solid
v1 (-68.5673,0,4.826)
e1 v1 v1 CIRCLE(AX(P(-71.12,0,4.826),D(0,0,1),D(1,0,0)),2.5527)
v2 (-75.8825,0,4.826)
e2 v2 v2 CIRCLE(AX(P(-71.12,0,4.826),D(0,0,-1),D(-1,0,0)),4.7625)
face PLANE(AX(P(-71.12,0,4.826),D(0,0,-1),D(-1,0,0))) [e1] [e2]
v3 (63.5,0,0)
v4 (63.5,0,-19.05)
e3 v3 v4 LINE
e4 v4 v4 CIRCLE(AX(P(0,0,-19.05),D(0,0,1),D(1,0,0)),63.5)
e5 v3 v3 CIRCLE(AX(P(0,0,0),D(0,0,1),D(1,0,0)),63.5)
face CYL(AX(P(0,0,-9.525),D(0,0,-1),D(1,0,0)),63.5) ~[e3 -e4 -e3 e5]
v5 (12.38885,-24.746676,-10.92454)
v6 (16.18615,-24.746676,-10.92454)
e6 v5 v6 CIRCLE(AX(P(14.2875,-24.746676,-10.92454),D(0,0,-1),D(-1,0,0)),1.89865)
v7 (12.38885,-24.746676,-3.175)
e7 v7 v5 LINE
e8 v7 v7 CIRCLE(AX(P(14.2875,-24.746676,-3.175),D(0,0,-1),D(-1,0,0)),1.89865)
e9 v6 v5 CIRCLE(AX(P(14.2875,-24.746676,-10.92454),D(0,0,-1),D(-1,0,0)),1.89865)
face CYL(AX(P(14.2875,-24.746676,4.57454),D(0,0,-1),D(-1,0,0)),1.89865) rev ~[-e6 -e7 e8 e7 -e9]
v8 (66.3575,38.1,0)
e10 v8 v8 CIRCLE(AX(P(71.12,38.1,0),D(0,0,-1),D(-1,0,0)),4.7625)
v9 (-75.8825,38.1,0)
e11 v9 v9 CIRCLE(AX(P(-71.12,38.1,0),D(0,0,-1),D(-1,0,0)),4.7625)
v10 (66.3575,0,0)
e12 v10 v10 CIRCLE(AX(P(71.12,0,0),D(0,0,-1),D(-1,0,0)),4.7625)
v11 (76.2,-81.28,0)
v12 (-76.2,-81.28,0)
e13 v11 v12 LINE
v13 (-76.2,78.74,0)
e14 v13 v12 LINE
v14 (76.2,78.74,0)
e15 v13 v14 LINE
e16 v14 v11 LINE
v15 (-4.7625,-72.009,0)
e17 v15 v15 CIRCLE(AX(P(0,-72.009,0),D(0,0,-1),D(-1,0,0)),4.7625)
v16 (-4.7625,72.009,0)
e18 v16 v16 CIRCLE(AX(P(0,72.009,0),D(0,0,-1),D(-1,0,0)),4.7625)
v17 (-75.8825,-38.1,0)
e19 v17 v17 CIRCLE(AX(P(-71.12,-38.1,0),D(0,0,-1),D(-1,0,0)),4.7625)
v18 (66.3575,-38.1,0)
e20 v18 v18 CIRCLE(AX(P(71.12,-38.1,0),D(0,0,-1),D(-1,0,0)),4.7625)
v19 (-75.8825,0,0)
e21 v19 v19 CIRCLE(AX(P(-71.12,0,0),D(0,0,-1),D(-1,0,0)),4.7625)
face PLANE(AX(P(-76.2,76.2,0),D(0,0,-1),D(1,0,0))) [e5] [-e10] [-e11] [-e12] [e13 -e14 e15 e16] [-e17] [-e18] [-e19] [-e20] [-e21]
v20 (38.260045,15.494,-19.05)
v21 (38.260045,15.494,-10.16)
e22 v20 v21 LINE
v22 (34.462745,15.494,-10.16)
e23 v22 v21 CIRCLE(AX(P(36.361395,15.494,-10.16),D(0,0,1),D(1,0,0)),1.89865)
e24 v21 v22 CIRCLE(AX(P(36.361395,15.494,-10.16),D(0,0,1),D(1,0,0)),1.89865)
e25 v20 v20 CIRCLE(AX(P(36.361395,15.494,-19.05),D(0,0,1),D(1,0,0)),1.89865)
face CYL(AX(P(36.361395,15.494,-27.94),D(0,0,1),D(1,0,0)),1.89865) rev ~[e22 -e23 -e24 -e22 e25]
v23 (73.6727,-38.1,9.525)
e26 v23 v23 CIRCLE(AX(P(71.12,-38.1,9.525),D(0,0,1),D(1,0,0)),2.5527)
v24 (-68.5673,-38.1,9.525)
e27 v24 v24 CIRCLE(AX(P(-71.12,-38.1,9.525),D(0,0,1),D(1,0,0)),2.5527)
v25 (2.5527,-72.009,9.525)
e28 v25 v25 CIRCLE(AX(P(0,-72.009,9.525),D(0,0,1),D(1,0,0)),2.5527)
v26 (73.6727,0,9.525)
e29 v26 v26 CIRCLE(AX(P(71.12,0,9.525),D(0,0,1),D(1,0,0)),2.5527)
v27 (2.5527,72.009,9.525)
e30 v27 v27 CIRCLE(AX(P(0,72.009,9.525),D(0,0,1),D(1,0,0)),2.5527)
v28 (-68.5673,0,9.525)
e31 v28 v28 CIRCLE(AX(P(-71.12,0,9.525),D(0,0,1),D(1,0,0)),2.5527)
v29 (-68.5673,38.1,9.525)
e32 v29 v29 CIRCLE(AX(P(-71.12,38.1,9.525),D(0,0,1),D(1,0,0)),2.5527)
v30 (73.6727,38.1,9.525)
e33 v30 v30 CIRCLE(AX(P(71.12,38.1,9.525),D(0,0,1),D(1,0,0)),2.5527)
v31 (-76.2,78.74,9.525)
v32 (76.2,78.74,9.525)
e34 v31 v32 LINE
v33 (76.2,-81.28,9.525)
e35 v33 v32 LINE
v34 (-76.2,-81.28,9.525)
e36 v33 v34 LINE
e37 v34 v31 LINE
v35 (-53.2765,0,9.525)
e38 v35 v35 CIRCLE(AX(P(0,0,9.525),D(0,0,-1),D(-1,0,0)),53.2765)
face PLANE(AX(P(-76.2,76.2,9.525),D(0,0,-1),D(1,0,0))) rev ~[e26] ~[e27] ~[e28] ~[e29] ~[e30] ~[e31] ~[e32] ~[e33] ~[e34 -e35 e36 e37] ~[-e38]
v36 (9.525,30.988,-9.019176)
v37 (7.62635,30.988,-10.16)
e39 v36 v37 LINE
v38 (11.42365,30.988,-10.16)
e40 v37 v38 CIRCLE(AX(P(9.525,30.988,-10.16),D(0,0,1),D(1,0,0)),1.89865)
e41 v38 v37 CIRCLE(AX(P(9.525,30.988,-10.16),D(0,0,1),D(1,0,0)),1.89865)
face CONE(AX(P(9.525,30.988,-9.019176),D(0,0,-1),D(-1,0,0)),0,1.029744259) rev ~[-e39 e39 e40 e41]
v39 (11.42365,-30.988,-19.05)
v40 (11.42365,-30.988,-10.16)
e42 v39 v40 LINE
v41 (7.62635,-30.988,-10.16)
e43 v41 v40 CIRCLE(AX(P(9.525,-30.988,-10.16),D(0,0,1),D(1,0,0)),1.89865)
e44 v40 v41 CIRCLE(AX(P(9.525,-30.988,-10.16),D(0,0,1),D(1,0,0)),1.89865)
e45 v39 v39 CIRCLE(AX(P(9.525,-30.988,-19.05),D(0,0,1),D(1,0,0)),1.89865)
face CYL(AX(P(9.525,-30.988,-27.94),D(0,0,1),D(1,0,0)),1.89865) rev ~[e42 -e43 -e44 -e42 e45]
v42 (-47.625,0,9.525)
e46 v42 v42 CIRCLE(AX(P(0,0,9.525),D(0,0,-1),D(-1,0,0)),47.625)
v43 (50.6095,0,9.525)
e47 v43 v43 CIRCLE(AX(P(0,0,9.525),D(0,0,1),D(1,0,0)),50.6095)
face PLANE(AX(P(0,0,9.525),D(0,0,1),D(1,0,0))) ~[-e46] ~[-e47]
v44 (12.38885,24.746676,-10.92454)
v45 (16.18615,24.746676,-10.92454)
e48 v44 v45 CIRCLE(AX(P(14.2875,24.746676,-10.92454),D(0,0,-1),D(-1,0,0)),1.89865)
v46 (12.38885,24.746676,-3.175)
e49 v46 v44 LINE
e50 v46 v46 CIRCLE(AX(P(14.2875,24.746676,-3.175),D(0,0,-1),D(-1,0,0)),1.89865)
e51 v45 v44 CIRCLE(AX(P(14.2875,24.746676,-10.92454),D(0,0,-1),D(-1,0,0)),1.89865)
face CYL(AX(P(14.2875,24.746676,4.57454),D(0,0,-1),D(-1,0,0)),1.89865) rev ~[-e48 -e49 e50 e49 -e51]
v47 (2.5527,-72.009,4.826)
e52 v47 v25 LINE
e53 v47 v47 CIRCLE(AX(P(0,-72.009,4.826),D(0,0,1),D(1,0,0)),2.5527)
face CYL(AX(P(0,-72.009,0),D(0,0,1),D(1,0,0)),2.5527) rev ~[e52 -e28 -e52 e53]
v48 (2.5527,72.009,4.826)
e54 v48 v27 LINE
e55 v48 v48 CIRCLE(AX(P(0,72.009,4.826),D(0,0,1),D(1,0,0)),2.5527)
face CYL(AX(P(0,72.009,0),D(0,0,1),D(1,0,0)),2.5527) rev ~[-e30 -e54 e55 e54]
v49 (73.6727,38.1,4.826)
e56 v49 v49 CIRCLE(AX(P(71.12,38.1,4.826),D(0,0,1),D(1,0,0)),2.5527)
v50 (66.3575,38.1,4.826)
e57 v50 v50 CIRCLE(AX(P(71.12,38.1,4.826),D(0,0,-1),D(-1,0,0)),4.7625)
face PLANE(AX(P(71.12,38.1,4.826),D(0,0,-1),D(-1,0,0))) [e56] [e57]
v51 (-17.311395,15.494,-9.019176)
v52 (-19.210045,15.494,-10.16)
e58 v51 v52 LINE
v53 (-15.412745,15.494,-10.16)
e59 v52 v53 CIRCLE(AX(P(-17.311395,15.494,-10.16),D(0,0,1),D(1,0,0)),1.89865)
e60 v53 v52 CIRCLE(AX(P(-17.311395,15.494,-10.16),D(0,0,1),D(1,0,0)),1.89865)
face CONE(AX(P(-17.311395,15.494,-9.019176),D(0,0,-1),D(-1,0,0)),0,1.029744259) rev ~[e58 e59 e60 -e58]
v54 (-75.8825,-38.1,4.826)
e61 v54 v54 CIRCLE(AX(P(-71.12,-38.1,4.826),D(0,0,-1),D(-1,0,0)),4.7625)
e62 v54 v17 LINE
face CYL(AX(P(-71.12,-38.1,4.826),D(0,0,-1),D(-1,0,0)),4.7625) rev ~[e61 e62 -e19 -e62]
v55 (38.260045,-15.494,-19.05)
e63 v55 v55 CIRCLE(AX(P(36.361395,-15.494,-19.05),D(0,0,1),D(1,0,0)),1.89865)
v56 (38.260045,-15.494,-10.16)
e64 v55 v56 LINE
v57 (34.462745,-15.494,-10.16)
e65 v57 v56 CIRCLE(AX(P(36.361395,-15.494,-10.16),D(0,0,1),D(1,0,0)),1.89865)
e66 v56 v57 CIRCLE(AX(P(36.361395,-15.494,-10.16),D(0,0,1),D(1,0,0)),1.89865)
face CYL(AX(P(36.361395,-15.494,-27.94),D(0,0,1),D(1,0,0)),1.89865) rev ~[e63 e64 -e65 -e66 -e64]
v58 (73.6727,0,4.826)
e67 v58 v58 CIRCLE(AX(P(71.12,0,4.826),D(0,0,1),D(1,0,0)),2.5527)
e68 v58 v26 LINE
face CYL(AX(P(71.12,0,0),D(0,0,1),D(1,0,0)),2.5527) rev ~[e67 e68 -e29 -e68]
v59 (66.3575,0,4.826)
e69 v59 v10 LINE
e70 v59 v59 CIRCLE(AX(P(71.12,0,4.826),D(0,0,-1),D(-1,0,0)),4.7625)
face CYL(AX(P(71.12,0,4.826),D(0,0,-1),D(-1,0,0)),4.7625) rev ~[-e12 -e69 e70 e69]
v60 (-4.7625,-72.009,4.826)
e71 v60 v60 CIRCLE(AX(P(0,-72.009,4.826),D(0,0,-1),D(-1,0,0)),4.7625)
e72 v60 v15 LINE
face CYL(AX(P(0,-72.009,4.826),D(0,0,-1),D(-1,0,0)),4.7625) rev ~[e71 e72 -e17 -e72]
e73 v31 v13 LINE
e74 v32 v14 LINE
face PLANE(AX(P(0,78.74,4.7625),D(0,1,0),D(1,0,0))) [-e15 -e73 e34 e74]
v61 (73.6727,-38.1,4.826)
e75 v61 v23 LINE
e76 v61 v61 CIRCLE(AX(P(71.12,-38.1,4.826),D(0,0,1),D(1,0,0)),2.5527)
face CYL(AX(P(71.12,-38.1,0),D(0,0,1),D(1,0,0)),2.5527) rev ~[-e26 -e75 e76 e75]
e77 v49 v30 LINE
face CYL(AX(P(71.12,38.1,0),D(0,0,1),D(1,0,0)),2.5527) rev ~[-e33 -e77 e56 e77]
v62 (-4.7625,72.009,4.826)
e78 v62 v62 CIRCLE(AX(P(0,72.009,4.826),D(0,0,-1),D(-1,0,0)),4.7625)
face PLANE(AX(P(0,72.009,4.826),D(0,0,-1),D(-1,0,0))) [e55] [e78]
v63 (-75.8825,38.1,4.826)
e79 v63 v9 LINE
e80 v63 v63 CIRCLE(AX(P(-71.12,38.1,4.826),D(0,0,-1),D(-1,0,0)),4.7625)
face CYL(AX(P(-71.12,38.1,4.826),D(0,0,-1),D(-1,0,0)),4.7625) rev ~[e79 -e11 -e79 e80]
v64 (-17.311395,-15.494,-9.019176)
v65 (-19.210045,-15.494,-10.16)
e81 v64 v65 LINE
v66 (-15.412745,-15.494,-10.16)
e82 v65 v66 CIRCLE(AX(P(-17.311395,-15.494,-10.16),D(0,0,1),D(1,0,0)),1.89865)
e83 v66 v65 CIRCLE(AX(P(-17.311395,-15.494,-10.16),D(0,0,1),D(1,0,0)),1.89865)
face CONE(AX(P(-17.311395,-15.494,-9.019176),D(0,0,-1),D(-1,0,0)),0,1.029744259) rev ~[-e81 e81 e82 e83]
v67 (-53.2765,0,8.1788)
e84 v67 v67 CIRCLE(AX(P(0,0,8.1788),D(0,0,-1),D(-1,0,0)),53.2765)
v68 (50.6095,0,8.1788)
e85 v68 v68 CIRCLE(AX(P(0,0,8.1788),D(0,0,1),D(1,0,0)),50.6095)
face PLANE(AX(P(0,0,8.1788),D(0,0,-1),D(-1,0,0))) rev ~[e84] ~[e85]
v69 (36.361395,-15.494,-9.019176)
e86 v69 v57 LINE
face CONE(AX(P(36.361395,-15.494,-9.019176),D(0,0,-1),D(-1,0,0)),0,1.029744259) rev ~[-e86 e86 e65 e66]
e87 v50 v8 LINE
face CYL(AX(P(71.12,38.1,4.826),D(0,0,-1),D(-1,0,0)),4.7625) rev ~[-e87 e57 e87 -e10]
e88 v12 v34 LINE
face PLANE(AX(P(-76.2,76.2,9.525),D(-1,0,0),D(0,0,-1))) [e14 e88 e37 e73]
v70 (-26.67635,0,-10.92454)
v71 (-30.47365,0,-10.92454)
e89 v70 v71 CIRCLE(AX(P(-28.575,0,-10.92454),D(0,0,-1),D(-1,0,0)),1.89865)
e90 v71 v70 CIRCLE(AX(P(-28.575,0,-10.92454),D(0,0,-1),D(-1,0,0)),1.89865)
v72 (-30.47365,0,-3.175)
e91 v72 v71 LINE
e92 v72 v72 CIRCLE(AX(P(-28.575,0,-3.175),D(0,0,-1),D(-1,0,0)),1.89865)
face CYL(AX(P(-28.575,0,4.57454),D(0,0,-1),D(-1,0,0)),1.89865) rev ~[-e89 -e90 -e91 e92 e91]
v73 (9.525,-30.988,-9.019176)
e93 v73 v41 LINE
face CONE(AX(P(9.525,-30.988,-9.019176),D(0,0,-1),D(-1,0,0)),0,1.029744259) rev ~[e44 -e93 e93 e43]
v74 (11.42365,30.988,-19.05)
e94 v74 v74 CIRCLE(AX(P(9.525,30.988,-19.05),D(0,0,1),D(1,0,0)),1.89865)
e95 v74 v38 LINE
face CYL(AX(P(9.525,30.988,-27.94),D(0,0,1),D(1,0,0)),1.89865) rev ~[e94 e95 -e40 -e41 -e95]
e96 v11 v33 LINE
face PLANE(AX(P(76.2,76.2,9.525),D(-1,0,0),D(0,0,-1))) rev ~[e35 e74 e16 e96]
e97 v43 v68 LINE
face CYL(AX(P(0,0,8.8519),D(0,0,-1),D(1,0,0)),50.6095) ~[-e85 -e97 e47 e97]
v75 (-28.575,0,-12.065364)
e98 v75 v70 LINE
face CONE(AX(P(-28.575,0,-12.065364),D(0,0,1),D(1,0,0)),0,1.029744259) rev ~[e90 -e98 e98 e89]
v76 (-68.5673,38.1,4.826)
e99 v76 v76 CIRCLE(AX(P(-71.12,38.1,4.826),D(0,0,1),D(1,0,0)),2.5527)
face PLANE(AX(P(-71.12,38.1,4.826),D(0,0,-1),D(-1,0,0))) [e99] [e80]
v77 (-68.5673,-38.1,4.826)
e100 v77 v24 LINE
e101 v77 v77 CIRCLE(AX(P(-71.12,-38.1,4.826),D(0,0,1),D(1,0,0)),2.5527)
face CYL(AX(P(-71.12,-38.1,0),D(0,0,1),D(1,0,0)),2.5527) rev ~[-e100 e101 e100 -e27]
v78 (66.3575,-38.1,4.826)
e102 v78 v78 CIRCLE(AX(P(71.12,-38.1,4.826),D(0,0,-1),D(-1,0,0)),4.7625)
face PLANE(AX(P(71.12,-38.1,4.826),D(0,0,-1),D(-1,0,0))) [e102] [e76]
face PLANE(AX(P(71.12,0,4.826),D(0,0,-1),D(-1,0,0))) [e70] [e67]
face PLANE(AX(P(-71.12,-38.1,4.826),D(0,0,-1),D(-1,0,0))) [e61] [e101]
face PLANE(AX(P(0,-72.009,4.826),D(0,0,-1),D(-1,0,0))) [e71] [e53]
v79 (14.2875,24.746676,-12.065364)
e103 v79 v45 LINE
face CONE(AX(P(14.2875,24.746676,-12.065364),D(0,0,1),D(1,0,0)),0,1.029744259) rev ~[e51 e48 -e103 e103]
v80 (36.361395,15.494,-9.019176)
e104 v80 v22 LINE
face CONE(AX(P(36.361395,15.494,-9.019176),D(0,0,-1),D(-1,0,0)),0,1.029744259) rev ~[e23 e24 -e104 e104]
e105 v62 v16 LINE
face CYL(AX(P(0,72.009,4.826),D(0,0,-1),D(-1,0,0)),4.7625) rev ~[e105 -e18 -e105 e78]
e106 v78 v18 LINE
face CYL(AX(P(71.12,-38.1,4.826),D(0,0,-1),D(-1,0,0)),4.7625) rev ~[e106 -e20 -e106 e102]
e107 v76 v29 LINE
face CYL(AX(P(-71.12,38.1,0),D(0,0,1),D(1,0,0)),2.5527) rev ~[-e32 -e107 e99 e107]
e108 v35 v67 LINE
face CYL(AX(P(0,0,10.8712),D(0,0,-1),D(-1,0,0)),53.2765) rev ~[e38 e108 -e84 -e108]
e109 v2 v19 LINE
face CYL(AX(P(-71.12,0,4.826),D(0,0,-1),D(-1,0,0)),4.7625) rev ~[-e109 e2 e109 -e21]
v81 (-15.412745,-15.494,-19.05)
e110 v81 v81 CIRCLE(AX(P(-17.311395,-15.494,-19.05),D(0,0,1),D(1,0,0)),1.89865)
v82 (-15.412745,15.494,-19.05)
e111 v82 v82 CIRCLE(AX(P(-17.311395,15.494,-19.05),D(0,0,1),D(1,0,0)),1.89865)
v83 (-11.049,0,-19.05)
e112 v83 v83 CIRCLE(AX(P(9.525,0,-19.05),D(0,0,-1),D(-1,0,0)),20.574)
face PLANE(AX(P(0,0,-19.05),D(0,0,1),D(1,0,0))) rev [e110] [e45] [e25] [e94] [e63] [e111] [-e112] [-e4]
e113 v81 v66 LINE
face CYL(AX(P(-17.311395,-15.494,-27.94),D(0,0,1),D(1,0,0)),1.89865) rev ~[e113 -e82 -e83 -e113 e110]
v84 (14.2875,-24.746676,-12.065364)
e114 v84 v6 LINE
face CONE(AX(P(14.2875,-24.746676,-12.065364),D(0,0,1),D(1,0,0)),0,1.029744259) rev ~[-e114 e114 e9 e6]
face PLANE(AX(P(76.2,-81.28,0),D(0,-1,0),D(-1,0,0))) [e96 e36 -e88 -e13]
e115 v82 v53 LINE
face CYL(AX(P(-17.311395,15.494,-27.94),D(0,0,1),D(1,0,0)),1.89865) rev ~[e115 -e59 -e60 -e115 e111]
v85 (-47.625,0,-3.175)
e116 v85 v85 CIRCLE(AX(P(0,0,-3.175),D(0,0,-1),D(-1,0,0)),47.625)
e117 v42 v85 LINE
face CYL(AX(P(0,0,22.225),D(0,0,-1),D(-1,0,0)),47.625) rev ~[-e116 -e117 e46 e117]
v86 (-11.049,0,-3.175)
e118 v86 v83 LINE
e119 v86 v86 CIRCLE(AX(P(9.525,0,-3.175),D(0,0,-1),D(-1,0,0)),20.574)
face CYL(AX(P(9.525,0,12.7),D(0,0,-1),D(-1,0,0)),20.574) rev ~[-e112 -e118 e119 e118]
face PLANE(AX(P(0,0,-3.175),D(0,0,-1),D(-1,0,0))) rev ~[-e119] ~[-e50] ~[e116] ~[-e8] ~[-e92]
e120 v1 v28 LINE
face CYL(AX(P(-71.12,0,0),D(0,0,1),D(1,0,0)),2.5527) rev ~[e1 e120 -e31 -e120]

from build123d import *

# Parameters (mm, degrees)
SKETCH1_W                                       = 152.4
SKETCH1_H                                       = 157.48
BOSS_EXTRUDE1_DEPTH                             = 9.525
SKETCH16_W                                      = 152.4
SKETCH16_H                                      = 9.525
BOSS_EXTRUDE2_DEPTH                             = 2.54
M100_CLEARANCE_HOLE1_D                          = 106.553
M100_CLEARANCE_HOLE1_DEPTH                      = 1.3462
SKETCH4_W                                       = 63.5
SKETCH4_H                                       = 19.05
SKETCH5_W                                       = 50.6095
SKETCH5_H                                       = 1.3462
CBORE_FOR_10_SOCKET_HEAD_CAP_SCREW1_D           = 5.1054
CBORE_FOR_10_SOCKET_HEAD_CAP_SCREW1_CBORE_D     = 9.525
CBORE_FOR_10_SOCKET_HEAD_CAP_SCREW1_CBORE_DEPTH = 4.826
F_10_24_TAPPED_HOLE1_D                          = 3.7973
F_10_24_TAPPED_HOLE1_DEPTH                      = 8.89
F_10_24_TAPPED_HOLE1_TIP                        = 1.140824014
M90_CLEARANCE_HOLE1_D                           = 95.25
M90_CLEARANCE_HOLE1_DEPTH                       = 12.7
M36_CLEARANCE_HOLE1_D                           = 41.148
M36_CLEARANCE_HOLE1_DEPTH                       = 15.875
F_10_24_TAPPED_HOLE2_D                          = 3.7973
F_10_24_TAPPED_HOLE2_DEPTH                      = 7.74954
F_10_24_TAPPED_HOLE2_TIP                        = 1.140824014


with BuildPart() as part:
    # Sketch1 → Boss-Extrude1 (new body)
    with BuildSketch(Plane(origin=(0, 0, 0), x_dir=(-1, 0, 0), z_dir=(0, 0, -1))):
        with Locations((0, -2.54)):
            Rectangle(SKETCH1_W, SKETCH1_H)
    extrude(amount=-BOSS_EXTRUDE1_DEPTH)

    # Sketch16 → Boss-Extrude2 (add)
    with BuildSketch(Plane(origin=(0, 76.2, 0), x_dir=(1, 0, 0), z_dir=(0, 1, 0))):
        with Locations((0, -4.7625)):
            Rectangle(SKETCH16_W, SKETCH16_H)
    extrude(amount=BOSS_EXTRUDE2_DEPTH)

    # M100 Clearance Hole1
    with Locations(Plane.XY.offset(9.525)):
        with Locations((0, 0)):
            Hole(M100_CLEARANCE_HOLE1_D / 2, depth=M100_CLEARANCE_HOLE1_DEPTH)

    # Sketch4 → Revolve1 (revolve)
    with BuildSketch(Plane(origin=(0, 0, 0), x_dir=(1, 0, 0), z_dir=(0, 1, 0))):
        with Locations((31.75, 9.525)):
            Rectangle(SKETCH4_W, SKETCH4_H)
    revolve(axis=Axis((0, 0, -19.05), (0, 0, 1)))

    # Sketch5 → Revolve2 (revolve)
    with BuildSketch(Plane(origin=(0, 0, 0), x_dir=(1, 0, 0), z_dir=(0, 1, 0))):
        with Locations((25.30475, -8.8519)):
            Rectangle(SKETCH5_W, SKETCH5_H)
    revolve(axis=Axis((0, 0, 8.1788), (0, 0, 1)))

    # CBORE for #10 Socket Head Cap Screw1 (through all)
    with Locations(Plane(origin=(0, 0, 0), x_dir=(-1, 0, 0), z_dir=(0, 0, -1))):
        with Locations((71.12, 38.1), (71.12, -38.1), (-71.12, 38.1), (-71.12, -38.1), (0, 72.009), (0, -72.009), (71.12, 0), (-71.12, 0)):
            CounterBoreHole(CBORE_FOR_10_SOCKET_HEAD_CAP_SCREW1_D / 2, CBORE_FOR_10_SOCKET_HEAD_CAP_SCREW1_CBORE_D / 2, CBORE_FOR_10_SOCKET_HEAD_CAP_SCREW1_CBORE_DEPTH)

    # #10-24 Tapped Hole1
    with Locations(Plane(origin=(0, 0, -19.05), x_dir=(-1, 0, 0), z_dir=(0, 0, -1))):
        with Locations((17.311395212, 15.494), (17.311395212, -15.494), (-9.525, -30.988), (-36.361395212, -15.494), (-36.361395212, 15.494), (-9.525, 30.988)):
            Hole(F_10_24_TAPPED_HOLE1_D / 2, depth=F_10_24_TAPPED_HOLE1_DEPTH)
            with Locations((0, 0, -(F_10_24_TAPPED_HOLE1_DEPTH + F_10_24_TAPPED_HOLE1_TIP / 2))):  # 118° drill point
                Cone(0, F_10_24_TAPPED_HOLE1_D / 2, F_10_24_TAPPED_HOLE1_TIP, mode=Mode.SUBTRACT)

    # M90 Clearance Hole1
    with Locations(Plane.XY.offset(9.525)):
        with Locations((0, 0)):
            Hole(M90_CLEARANCE_HOLE1_D / 2, depth=M90_CLEARANCE_HOLE1_DEPTH)

    # M36 Clearance Hole1
    with Locations(Plane.XY.offset(-3.175)):
        with Locations((9.525, 0)):
            Hole(M36_CLEARANCE_HOLE1_D / 2, depth=M36_CLEARANCE_HOLE1_DEPTH)

    # #10-24 Tapped Hole2
    with Locations(Plane.XY.offset(-3.175)):
        with Locations((14.2875, -24.746675913), (-28.575, 0), (14.2875, 24.746675913)):
            Hole(F_10_24_TAPPED_HOLE2_D / 2, depth=F_10_24_TAPPED_HOLE2_DEPTH)
            with Locations((0, 0, -(F_10_24_TAPPED_HOLE2_DEPTH + F_10_24_TAPPED_HOLE2_TIP / 2))):  # 118° drill point
                Cone(0, F_10_24_TAPPED_HOLE2_D / 2, F_10_24_TAPPED_HOLE2_TIP, mode=Mode.SUBTRACT)


solid = part.part
